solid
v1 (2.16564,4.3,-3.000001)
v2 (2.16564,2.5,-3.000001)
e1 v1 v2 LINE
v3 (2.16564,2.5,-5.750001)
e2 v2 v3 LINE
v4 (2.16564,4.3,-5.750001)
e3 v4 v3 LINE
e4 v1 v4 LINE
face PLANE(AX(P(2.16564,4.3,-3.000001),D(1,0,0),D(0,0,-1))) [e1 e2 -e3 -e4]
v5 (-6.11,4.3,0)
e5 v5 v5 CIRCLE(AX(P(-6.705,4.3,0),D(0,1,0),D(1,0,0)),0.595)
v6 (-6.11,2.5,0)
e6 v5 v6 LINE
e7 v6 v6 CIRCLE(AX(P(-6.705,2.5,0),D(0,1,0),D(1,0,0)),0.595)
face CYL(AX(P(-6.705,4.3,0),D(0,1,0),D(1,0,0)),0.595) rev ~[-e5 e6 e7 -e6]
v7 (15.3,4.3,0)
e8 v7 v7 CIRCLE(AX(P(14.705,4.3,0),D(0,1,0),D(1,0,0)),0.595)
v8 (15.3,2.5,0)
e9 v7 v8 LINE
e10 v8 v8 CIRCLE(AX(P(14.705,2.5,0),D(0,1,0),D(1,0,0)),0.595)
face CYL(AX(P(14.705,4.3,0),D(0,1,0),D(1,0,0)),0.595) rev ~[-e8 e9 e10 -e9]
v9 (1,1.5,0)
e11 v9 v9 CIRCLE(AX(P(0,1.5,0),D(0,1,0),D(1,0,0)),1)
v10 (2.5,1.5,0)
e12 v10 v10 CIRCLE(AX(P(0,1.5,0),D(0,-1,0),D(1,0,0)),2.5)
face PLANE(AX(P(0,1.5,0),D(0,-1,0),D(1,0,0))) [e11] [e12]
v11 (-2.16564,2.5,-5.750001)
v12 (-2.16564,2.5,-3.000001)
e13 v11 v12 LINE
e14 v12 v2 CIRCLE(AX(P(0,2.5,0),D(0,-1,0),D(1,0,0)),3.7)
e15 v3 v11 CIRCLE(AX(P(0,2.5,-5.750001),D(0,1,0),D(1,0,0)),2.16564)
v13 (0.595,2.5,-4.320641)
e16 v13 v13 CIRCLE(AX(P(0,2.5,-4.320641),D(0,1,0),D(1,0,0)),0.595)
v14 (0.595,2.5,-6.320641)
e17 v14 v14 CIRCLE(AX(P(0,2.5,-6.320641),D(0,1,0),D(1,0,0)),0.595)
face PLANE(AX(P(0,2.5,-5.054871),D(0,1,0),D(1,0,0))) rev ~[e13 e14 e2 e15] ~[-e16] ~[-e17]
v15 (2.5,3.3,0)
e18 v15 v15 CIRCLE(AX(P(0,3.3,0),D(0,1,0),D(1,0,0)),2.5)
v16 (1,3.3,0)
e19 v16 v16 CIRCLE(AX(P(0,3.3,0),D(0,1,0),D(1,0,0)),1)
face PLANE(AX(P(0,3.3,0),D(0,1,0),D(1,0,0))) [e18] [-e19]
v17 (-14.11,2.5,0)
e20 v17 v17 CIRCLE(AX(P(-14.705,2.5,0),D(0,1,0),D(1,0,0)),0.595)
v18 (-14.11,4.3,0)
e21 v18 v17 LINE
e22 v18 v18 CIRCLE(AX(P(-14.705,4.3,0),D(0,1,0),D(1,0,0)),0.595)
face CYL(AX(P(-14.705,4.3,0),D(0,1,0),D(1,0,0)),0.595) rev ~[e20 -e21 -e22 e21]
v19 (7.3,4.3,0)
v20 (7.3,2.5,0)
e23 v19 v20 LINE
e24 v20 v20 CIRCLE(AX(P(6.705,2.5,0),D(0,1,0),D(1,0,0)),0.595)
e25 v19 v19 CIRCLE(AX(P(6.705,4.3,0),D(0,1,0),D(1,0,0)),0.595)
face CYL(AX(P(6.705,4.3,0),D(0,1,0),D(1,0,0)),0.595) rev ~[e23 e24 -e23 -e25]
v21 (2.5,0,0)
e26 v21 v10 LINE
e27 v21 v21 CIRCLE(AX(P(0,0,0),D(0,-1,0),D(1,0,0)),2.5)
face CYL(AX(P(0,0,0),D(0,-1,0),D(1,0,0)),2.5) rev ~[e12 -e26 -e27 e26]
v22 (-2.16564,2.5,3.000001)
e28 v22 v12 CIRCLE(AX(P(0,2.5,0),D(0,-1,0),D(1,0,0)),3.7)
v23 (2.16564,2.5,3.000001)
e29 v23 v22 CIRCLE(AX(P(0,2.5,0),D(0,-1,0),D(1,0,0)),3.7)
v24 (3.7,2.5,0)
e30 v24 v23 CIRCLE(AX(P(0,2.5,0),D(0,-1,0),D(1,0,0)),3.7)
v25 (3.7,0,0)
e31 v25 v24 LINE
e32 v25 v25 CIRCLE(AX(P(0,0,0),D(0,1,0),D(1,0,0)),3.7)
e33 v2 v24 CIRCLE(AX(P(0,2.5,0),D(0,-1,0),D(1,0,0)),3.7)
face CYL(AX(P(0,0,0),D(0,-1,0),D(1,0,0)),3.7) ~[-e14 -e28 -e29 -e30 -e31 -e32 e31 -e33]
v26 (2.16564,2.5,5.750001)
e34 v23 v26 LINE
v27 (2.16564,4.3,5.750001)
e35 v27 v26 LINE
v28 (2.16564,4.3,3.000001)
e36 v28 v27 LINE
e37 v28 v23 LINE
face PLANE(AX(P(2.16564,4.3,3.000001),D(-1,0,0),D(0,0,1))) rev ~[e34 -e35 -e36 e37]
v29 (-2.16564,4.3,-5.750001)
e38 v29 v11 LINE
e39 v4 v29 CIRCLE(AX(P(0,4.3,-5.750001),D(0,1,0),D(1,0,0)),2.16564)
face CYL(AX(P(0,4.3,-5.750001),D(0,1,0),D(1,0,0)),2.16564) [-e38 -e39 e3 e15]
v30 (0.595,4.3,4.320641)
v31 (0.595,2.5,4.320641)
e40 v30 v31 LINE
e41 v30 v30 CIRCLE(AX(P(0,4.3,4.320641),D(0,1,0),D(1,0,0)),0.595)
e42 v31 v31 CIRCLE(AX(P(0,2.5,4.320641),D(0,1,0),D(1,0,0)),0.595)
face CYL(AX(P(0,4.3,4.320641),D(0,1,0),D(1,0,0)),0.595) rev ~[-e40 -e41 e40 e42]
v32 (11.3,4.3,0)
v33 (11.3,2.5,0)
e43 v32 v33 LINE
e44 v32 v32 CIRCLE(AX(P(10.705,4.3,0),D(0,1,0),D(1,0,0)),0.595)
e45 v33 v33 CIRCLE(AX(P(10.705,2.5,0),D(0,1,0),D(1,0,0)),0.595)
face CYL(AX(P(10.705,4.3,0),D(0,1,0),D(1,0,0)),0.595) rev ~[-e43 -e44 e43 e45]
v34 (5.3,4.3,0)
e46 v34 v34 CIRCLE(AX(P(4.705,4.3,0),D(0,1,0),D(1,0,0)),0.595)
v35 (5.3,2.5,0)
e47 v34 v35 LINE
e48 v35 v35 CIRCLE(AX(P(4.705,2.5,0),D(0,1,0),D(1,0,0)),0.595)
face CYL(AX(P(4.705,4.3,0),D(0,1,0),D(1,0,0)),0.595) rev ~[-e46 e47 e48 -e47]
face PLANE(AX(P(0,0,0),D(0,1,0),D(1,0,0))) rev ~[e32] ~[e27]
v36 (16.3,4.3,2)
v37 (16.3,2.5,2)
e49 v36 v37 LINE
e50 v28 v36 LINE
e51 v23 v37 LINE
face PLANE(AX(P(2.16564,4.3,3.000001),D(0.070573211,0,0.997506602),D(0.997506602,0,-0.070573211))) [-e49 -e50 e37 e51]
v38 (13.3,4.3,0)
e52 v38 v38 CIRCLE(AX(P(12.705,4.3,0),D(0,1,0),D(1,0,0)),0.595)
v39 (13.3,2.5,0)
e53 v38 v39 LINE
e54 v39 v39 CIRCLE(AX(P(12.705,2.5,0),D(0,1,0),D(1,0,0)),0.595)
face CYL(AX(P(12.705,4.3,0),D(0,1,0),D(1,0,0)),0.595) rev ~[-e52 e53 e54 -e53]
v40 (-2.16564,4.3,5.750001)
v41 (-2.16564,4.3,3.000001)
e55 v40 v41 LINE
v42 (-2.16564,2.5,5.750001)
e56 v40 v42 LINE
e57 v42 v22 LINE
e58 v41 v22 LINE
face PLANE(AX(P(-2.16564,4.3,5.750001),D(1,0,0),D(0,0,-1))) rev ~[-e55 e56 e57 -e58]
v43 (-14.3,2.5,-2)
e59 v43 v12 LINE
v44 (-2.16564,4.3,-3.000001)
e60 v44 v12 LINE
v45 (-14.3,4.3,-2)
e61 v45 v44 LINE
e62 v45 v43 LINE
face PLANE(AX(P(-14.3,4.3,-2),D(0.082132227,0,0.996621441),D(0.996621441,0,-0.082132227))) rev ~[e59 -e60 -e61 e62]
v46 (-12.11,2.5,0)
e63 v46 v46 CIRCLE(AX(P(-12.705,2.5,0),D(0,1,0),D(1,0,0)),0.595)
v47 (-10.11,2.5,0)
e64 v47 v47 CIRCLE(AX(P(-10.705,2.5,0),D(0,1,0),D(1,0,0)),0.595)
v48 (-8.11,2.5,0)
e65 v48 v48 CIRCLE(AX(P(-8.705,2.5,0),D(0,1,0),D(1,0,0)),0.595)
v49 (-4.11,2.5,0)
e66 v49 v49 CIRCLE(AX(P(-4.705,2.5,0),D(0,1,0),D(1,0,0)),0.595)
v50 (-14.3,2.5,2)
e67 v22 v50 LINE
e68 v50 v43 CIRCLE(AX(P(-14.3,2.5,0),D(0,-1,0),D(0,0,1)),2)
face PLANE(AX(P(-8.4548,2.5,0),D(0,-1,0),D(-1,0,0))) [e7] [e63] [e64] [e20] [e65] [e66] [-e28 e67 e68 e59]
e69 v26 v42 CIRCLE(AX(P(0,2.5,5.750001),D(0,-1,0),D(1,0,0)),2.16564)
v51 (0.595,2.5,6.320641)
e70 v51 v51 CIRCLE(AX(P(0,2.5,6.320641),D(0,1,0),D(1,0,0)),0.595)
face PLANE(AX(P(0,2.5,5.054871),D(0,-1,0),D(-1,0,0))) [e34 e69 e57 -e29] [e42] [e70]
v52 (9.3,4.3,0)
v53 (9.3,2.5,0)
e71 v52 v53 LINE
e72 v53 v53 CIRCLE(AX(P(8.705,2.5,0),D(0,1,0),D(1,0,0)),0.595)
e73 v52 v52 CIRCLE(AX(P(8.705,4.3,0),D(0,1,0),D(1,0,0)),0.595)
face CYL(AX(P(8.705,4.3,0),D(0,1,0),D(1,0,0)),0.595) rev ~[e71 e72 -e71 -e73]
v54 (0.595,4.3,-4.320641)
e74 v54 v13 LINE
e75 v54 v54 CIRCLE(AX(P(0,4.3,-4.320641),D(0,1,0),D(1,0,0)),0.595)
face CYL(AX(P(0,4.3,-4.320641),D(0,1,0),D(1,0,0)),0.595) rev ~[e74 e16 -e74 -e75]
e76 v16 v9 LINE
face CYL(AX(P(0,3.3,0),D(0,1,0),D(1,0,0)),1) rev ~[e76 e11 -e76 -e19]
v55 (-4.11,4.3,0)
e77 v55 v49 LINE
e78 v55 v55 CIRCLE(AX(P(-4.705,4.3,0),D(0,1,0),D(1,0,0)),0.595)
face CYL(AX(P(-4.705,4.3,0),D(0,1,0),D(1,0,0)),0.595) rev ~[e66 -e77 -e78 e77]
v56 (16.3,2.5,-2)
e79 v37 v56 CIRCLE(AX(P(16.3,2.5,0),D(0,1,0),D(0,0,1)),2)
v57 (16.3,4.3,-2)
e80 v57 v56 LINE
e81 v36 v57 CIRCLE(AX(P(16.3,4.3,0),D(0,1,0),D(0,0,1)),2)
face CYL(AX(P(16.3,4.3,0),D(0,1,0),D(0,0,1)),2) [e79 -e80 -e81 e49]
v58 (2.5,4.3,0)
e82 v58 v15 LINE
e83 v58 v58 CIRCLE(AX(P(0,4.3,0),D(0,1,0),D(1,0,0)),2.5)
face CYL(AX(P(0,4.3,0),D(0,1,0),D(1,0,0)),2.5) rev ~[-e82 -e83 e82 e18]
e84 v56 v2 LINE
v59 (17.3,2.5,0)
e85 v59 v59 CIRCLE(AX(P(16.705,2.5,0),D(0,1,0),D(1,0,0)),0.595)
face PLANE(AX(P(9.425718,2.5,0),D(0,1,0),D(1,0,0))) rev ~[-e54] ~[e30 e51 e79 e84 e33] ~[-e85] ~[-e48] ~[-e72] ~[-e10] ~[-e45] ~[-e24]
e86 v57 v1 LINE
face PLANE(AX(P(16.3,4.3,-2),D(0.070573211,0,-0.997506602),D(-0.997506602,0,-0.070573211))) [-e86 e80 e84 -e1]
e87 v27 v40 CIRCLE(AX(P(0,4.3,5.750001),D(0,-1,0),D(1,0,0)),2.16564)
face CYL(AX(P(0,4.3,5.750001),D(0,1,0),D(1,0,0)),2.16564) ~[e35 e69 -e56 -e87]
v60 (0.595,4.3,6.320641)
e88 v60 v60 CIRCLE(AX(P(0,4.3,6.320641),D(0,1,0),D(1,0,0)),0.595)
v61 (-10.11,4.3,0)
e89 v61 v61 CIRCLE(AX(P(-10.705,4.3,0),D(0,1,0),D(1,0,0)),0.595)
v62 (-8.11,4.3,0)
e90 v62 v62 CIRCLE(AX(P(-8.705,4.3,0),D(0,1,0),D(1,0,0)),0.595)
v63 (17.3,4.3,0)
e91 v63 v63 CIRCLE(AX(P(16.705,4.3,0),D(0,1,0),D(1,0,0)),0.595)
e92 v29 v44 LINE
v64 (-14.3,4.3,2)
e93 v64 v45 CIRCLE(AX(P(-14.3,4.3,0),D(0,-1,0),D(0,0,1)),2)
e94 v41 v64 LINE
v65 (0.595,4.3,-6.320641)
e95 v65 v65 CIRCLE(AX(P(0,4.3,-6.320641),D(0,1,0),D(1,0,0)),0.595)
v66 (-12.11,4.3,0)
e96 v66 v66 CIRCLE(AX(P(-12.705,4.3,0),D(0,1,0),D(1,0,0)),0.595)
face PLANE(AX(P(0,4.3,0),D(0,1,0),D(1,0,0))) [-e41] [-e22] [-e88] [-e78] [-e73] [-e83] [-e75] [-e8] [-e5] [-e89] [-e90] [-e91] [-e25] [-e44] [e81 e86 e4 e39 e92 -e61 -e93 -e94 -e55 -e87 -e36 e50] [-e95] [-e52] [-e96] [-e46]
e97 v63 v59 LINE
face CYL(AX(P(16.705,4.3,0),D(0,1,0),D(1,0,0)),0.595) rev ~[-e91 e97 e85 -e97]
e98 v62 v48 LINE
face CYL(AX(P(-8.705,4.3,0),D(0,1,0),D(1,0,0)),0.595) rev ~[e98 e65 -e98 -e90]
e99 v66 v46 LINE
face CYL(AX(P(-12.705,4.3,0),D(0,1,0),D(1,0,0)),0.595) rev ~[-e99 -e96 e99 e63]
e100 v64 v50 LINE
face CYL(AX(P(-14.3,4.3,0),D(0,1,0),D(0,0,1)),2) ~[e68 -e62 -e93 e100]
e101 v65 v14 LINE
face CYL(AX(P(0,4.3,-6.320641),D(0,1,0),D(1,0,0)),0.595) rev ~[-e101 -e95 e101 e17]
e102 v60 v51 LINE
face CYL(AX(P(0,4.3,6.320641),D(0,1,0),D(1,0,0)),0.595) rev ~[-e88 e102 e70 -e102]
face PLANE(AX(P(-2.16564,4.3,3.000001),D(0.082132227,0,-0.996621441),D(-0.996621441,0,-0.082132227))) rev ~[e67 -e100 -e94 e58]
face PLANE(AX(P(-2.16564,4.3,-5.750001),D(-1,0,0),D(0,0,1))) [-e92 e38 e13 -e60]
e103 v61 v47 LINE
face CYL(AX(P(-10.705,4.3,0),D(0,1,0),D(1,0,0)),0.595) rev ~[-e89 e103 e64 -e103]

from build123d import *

# Parameters (mm, degrees)
CROQUIS1_R              = 3.7
SALIENTE_EXTRUIR2_DEPTH = 4.3
CROQUIS2_R              = 2.5
CORTAR_EXTRUIR1_DEPTH   = 1.5
CROQUIS3_R              = 2.5
CORTAR_EXTRUIR2_DEPTH   = 1
CROQUIS4_R              = 1
CORTAR_EXTRUIR3_DEPTH   = 1.8
SALIENTE_EXTRUIR3_DEPTH = 1.8
CROQUIS6_R              = 0.595
CORTAR_EXTRUIR4_DEPTH   = 1.8
CROQUIS7_R              = 0.595
SALIENTE_EXTRUIR4_DEPTH = 1.8


with BuildPart() as part:
    # Croquis1 → Saliente-Extruir2 (new body)
    with BuildSketch(Plane(origin=(0, 0, 0), x_dir=(1, 0, 0), z_dir=(0, 1, 0))):
        Circle(CROQUIS1_R)
    extrude(amount=SALIENTE_EXTRUIR2_DEPTH)

    # Croquis2 → Cortar-Extruir1 (cut)
    with BuildSketch(Plane.XZ):
        Circle(CROQUIS2_R)
    extrude(amount=-CORTAR_EXTRUIR1_DEPTH, mode=Mode.SUBTRACT)

    # Croquis3 → Cortar-Extruir2 (cut)
    with BuildSketch(Plane(origin=(0, 4.3, 0), x_dir=(1, 0, 0), z_dir=(0, 1, 0))):
        Circle(CROQUIS3_R)
    extrude(amount=-CORTAR_EXTRUIR2_DEPTH, mode=Mode.SUBTRACT)

    # Croquis4 → Cortar-Extruir3 (cut)
    with BuildSketch(Plane(origin=(0, 3.3, 0), x_dir=(1, 0, 0), z_dir=(0, 1, 0))):
        Circle(CROQUIS4_R)
    extrude(amount=-CORTAR_EXTRUIR3_DEPTH, mode=Mode.SUBTRACT)

    # Croquis5 → Saliente-Extruir3 (add)
    with BuildSketch(Plane(origin=(0, 4.3, 0), x_dir=(1, 0, 0), z_dir=(0, 1, 0))):
        with BuildLine():
            Line((-2.16564, 3.000000565), (-3.120237459, 0))
            Line((-3.120237459, 0), (-2.16564, -3.000000565))
            Line((-2.16564, -3.000000565), (-14.3, -2))
            ThreePointArc((-14.3, -2), (-16.3, 0), (-14.3, 2))
            Line((-14.3, 2), (-2.16564, 3.000000565))
        make_face()
        with BuildLine():
            Line((3.120237459, 0), (2.16564, -3.000000565))
            Line((2.16564, -3.000000565), (16.3, -2))
            ThreePointArc((16.3, -2), (18.3, 0), (16.3, 2))
            Line((16.3, 2), (2.16564, 3.000000565))
            Line((2.16564, 3.000000565), (3.120237459, 0))
        make_face()
    extrude(amount=-SALIENTE_EXTRUIR3_DEPTH)

    # Croquis6 → Cortar-Extruir4 (cut)
    with BuildSketch(Plane(origin=(0, 4.3, 0), x_dir=(1, 0, 0), z_dir=(0, 1, 0))):
        with Locations((-14.705, 0)):
            Circle(CROQUIS6_R)
        with Locations((-12.705, 0)):
            Circle(CROQUIS6_R)
        with Locations((-10.705, 0)):
            Circle(CROQUIS6_R)
        with Locations((-8.705, 0)):
            Circle(CROQUIS6_R)
        with Locations((-6.705, 0)):
            Circle(CROQUIS6_R)
        with Locations((-4.705, 0)):
            Circle(CROQUIS6_R)
        with Locations((14.705, 0)):
            Circle(CROQUIS6_R)
        with Locations((12.705, 0)):
            Circle(CROQUIS6_R)
        with Locations((10.705, 0)):
            Circle(CROQUIS6_R)
        with Locations((8.705, 0)):
            Circle(CROQUIS6_R)
        with Locations((6.705, 0)):
            Circle(CROQUIS6_R)
        with Locations((4.705, 0)):
            Circle(CROQUIS6_R)
        with Locations((16.705, 0)):
            Circle(CROQUIS6_R)
    extrude(amount=-CORTAR_EXTRUIR4_DEPTH, mode=Mode.SUBTRACT)

    # Croquis7 → Saliente-Extruir4 (add)
    with BuildSketch(Plane(origin=(0, 4.3, 0), x_dir=(1, 0, 0), z_dir=(0, 1, 0))):
        with BuildLine():
            Line((-2.16564, 3.000000565), (2.16564, 3.000000565))
            Line((2.16564, 3.000000565), (2.16564, 5.750000565))
            ThreePointArc((2.16564, 5.750000565), (0, 7.915640565), (-2.16564, 5.750000565))
            Line((-2.16564, 5.750000565), (-2.16564, 3.000000565))
        make_face()
        with Locations((0, 6.320640565)):
            Circle(CROQUIS7_R, mode=Mode.SUBTRACT)
        with Locations((0, 4.320640565)):
            Circle(CROQUIS7_R, mode=Mode.SUBTRACT)
        with BuildLine():
            Line((2.16564, -3.000000565), (2.16564, -5.750000565))
            ThreePointArc((2.16564, -5.750000565), (0, -7.915640565), (-2.16564, -5.750000565))
            Line((-2.16564, -5.750000565), (-2.16564, -3.000000565))
            Line((-2.16564, -3.000000565), (2.16564, -3.000000565))
        make_face()
        with Locations((0, -4.320640565)):
            Circle(CROQUIS7_R, mode=Mode.SUBTRACT)
        with Locations((0, -6.320640565)):
            Circle(CROQUIS7_R, mode=Mode.SUBTRACT)
    extrude(amount=-SALIENTE_EXTRUIR4_DEPTH)


solid = part.part
